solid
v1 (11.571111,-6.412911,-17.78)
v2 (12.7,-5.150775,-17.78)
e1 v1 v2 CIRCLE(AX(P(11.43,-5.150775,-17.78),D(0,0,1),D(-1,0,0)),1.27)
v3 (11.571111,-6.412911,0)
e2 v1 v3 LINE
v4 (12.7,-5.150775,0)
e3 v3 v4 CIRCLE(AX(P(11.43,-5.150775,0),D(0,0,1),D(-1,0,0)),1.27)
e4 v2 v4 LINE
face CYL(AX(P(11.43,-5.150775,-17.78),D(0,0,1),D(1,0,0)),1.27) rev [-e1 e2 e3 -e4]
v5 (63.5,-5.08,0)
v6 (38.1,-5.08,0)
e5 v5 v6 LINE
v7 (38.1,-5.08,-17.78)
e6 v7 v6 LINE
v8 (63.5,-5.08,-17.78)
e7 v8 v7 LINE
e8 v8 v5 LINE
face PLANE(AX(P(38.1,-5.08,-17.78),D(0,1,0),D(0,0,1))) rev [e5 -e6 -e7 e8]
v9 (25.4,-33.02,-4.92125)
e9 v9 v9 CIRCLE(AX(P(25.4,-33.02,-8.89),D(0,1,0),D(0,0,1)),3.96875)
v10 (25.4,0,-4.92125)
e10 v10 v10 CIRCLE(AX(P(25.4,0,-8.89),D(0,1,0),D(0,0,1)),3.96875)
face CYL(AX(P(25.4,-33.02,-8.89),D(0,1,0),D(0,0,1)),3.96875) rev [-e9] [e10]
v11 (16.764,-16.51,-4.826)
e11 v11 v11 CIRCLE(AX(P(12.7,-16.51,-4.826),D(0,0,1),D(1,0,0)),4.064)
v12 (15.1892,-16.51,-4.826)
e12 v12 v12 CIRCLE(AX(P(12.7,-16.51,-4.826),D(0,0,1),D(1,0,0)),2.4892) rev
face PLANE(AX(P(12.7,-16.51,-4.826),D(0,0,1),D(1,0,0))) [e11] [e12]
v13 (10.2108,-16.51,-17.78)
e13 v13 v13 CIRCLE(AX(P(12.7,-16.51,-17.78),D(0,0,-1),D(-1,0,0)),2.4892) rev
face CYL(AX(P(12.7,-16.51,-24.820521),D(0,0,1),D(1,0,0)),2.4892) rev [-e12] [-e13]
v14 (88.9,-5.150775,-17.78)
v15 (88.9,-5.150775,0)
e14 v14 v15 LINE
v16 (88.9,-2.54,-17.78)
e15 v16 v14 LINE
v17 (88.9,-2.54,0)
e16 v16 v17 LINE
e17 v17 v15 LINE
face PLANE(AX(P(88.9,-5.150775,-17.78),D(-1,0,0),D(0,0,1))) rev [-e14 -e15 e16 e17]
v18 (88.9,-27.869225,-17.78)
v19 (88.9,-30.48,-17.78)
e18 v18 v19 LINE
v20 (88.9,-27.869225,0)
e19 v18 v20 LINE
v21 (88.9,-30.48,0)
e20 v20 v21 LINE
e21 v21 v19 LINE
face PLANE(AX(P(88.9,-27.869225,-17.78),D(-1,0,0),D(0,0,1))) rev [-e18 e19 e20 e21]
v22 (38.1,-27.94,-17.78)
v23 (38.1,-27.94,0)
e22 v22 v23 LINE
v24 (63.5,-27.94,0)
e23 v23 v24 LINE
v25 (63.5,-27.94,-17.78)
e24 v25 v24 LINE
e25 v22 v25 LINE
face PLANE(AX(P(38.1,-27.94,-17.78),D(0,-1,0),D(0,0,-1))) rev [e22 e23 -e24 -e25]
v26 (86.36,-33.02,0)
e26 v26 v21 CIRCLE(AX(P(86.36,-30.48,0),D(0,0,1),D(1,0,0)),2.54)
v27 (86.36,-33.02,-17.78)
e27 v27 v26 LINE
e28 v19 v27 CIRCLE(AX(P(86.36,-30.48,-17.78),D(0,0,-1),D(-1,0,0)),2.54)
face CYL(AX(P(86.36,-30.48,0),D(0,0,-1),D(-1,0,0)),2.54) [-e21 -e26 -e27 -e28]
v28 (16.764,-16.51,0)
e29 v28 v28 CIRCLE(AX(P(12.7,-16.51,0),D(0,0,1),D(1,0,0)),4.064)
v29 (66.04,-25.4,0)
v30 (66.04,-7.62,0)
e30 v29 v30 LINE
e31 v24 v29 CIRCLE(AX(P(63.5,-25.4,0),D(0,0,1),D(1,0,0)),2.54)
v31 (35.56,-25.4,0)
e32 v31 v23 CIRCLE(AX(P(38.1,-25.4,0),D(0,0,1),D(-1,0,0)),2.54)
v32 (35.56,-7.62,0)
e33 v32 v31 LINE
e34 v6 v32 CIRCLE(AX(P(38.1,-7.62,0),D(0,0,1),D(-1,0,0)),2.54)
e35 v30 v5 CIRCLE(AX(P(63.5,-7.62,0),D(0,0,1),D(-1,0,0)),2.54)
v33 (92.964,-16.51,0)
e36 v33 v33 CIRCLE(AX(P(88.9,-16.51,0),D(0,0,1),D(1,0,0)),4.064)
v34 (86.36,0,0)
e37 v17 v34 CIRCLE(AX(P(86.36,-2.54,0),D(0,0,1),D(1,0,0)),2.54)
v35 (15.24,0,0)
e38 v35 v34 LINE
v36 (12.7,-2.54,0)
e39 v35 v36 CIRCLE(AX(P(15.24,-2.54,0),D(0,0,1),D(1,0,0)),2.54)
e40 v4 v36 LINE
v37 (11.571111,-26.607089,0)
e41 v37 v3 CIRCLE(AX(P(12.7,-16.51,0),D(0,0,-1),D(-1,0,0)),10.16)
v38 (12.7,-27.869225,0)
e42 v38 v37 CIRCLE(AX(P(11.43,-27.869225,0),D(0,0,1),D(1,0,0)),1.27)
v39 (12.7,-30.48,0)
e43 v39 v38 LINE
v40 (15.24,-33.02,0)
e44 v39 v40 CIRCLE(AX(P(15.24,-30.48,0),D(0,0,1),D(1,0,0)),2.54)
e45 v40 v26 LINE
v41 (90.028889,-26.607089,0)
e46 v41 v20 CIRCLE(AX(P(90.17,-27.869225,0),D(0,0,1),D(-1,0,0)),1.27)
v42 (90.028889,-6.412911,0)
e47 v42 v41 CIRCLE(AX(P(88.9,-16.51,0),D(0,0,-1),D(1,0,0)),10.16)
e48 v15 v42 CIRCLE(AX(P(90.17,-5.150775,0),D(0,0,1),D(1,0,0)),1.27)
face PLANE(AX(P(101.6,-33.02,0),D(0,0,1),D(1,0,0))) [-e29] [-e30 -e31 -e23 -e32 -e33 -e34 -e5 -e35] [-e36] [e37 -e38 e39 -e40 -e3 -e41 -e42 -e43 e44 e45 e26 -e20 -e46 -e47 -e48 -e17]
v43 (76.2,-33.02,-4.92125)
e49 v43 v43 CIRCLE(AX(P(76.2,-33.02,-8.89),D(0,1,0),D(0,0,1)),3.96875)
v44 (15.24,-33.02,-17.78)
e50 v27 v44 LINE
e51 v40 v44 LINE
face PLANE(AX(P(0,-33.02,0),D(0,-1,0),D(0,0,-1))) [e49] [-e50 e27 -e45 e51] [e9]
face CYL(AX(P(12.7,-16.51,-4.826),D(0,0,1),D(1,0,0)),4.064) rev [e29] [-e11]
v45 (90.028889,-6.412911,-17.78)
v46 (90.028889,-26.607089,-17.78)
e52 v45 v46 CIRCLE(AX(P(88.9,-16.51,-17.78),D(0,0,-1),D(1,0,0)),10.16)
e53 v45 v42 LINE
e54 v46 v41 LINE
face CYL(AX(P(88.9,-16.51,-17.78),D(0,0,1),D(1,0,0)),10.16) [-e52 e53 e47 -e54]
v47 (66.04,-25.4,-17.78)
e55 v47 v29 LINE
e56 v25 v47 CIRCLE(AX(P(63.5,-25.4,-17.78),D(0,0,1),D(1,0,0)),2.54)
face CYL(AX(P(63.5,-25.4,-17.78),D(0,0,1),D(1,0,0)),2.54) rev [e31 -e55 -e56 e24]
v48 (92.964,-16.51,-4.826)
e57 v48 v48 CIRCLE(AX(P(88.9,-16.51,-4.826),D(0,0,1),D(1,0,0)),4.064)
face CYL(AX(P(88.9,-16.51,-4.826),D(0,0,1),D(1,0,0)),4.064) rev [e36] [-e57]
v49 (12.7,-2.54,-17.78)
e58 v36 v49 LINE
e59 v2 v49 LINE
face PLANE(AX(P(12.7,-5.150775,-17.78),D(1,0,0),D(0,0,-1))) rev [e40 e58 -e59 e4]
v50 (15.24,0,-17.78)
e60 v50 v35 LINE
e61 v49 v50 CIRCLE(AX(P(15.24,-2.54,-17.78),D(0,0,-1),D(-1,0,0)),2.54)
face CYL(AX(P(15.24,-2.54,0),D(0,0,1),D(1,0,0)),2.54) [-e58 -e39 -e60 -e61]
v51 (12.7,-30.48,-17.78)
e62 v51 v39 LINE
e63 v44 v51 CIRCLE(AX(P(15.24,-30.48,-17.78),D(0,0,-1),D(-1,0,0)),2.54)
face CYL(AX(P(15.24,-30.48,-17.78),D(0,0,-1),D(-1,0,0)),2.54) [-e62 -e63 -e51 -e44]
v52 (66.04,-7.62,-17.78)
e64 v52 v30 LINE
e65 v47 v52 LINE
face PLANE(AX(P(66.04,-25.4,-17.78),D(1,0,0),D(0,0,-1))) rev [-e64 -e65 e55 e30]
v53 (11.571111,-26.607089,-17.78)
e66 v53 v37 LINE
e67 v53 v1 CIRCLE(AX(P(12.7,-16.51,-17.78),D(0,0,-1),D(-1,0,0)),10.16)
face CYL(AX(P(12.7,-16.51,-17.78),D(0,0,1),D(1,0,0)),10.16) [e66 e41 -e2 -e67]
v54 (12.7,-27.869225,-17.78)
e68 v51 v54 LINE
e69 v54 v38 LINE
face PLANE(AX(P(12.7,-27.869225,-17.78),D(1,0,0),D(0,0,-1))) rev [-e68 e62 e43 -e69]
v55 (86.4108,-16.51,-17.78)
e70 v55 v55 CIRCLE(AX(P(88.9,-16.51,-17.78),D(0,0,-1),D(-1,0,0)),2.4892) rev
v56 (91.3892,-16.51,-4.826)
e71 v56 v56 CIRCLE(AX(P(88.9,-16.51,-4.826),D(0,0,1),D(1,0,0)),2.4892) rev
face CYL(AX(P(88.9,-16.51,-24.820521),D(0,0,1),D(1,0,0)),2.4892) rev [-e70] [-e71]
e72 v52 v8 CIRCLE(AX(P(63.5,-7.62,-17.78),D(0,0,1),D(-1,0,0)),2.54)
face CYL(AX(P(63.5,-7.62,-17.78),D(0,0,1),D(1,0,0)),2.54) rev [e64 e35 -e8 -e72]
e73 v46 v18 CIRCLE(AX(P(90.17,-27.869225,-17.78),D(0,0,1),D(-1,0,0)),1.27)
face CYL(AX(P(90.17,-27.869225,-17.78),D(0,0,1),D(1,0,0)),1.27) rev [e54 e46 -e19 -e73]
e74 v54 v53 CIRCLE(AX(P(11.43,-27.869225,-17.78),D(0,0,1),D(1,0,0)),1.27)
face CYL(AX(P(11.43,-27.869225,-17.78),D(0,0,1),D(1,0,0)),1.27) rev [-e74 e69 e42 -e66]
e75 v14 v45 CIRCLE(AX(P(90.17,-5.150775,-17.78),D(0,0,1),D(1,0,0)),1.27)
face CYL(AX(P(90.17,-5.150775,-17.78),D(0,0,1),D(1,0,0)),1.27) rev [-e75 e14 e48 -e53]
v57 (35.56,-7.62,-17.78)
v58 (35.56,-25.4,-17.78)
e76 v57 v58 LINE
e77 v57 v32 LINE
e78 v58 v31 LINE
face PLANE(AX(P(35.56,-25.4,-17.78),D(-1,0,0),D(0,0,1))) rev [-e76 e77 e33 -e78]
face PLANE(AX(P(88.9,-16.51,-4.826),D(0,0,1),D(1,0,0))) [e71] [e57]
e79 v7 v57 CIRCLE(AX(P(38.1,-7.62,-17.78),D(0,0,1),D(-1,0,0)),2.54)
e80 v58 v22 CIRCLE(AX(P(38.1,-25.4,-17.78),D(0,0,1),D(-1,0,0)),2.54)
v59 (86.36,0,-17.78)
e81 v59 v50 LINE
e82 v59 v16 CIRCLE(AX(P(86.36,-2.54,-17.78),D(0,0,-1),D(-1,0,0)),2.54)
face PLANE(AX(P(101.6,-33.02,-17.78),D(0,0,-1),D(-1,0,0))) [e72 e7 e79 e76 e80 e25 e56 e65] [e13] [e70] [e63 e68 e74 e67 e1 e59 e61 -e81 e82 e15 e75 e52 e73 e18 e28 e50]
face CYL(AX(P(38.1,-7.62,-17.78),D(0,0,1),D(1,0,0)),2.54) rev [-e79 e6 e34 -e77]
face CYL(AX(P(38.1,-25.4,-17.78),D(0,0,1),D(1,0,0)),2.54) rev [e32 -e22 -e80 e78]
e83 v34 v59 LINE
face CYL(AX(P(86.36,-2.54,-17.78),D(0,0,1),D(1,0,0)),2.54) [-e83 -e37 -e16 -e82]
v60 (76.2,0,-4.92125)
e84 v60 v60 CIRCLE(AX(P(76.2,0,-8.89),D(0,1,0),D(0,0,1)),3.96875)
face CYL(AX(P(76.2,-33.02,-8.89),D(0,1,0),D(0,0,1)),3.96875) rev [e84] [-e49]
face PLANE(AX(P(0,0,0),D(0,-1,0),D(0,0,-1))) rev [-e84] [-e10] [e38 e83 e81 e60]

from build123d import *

# Parameters (mm, degrees)
SKETCH1_W           = 101.6
SKETCH1_H           = 17.78
SKETCH1_R           = 3.96875
BOSS_EXTRUDE1_DEPTH = 33.02
SKETCH2_R           = 2.4892
CUT_EXTRUDE1_DEPTH  = 17.78
SKETCH3_R           = 4.064
CUT_EXTRUDE2_DEPTH  = 4.826
CUT_EXTRUDE3_DEPTH  = 109.300548475
FILLET1_R           = 2.54
CUT_EXTRUDE4_DEPTH  = 106.921350067


with BuildPart() as part:
    # Sketch1 → Boss-Extrude1 (new body)
    with BuildSketch(Plane(origin=(0, 0, 0), x_dir=(1, 0, 0), z_dir=(0, 1, 0))):
        with Locations((50.8, 8.89)):
            Rectangle(SKETCH1_W, SKETCH1_H)
        with Locations(Location((76.2, 8.89, 0), (0, 0, 270))):
            Circle(SKETCH1_R, mode=Mode.SUBTRACT)
        with Locations(Location((25.4, 8.89, 0), (0, 0, 270))):
            Circle(SKETCH1_R, mode=Mode.SUBTRACT)
    extrude(amount=-BOSS_EXTRUDE1_DEPTH)

    # Sketch2 → Cut-Extrude1 (cut)
    with BuildSketch(Plane.XY):
        with Locations((88.9, -16.51)):
            Circle(SKETCH2_R)
        with Locations((12.7, -16.51)):
            Circle(SKETCH2_R)
    extrude(amount=-CUT_EXTRUDE1_DEPTH, mode=Mode.SUBTRACT)

    # Sketch3 → Cut-Extrude2 (cut)
    with BuildSketch(Plane.XY):
        with Locations((88.9, -16.51)):
            Circle(SKETCH3_R)
        with Locations((12.7, -16.51)):
            Circle(SKETCH3_R)
    extrude(amount=-CUT_EXTRUDE2_DEPTH, mode=Mode.SUBTRACT)

    # Sketch5 → Cut-Extrude3 (cut, through all)
    with BuildSketch(Plane.XY):
        with BuildLine():
            Line((12.7, -5.150774674), (12.7, 0))
            Line((12.7, 0), (0, 0))
            Line((0, 0), (0, -33.02))
            Line((0, -33.02), (12.7, -33.02))
            Line((12.7, -33.02), (12.7, -27.869225326))
            ThreePointArc((12.7, -27.869225326), (12.37660211, -27.022558659), (11.571111111, -26.607089178))
            ThreePointArc((11.571111111, -26.607089178), (2.54, -16.51), (11.571111111, -6.412910822))
            ThreePointArc((11.571111111, -6.412910822), (12.37660211, -5.997441341), (12.7, -5.150774674))
        make_face()
        with BuildLine():
            Line((88.9, -5.150774674), (88.9, 0))
            Line((88.9, 0), (101.6, 0))
            Line((101.6, 0), (101.6, -33.02))
            Line((101.6, -33.02), (88.9, -33.02))
            Line((88.9, -33.02), (88.9, -27.869225326))
            ThreePointArc((88.9, -27.869225326), (89.22339789, -27.022558659), (90.028888889, -26.607089178))
            ThreePointArc((90.028888889, -26.607089178), (99.06, -16.51), (90.028888889, -6.412910822))
            ThreePointArc((90.028888889, -6.412910822), (89.22339789, -5.997441341), (88.9, -5.150774674))
        make_face()
    extrude(amount=-CUT_EXTRUDE3_DEPTH, mode=Mode.SUBTRACT)

    # Fillet1
    fillet1_edges = [part.edges().sort_by_distance(p)[0] for p in [
        (12.7, -33.02, -8.89),
        (12.7, 0, -8.89),
        (88.9, 0, -8.89),
        (88.9, -33.02, -8.89),
    ]]
    fillet(fillet1_edges, radius=FILLET1_R)

    # Sketch6 → Cut-Extrude4 (cut, through all)
    with BuildSketch(Plane.XY):
        with BuildLine():
            Line((38.1, -27.94), (63.5, -27.94))
            ThreePointArc((63.5, -27.94), (65.296051224, -27.196051224), (66.04, -25.4))
            Line((66.04, -25.4), (66.04, -7.62))
            ThreePointArc((66.04, -7.62), (65.296051224, -5.823948776), (63.5, -5.08))
            Line((63.5, -5.08), (38.1, -5.08))
            ThreePointArc((38.1, -5.08), (36.303948776, -5.823948776), (35.56, -7.62))
            Line((35.56, -7.62), (35.56, -25.4))
            ThreePointArc((35.56, -25.4), (36.303948776, -27.196051224), (38.1, -27.94))
        make_face()
    extrude(amount=-CUT_EXTRUDE4_DEPTH, mode=Mode.SUBTRACT)


solid = part.part
